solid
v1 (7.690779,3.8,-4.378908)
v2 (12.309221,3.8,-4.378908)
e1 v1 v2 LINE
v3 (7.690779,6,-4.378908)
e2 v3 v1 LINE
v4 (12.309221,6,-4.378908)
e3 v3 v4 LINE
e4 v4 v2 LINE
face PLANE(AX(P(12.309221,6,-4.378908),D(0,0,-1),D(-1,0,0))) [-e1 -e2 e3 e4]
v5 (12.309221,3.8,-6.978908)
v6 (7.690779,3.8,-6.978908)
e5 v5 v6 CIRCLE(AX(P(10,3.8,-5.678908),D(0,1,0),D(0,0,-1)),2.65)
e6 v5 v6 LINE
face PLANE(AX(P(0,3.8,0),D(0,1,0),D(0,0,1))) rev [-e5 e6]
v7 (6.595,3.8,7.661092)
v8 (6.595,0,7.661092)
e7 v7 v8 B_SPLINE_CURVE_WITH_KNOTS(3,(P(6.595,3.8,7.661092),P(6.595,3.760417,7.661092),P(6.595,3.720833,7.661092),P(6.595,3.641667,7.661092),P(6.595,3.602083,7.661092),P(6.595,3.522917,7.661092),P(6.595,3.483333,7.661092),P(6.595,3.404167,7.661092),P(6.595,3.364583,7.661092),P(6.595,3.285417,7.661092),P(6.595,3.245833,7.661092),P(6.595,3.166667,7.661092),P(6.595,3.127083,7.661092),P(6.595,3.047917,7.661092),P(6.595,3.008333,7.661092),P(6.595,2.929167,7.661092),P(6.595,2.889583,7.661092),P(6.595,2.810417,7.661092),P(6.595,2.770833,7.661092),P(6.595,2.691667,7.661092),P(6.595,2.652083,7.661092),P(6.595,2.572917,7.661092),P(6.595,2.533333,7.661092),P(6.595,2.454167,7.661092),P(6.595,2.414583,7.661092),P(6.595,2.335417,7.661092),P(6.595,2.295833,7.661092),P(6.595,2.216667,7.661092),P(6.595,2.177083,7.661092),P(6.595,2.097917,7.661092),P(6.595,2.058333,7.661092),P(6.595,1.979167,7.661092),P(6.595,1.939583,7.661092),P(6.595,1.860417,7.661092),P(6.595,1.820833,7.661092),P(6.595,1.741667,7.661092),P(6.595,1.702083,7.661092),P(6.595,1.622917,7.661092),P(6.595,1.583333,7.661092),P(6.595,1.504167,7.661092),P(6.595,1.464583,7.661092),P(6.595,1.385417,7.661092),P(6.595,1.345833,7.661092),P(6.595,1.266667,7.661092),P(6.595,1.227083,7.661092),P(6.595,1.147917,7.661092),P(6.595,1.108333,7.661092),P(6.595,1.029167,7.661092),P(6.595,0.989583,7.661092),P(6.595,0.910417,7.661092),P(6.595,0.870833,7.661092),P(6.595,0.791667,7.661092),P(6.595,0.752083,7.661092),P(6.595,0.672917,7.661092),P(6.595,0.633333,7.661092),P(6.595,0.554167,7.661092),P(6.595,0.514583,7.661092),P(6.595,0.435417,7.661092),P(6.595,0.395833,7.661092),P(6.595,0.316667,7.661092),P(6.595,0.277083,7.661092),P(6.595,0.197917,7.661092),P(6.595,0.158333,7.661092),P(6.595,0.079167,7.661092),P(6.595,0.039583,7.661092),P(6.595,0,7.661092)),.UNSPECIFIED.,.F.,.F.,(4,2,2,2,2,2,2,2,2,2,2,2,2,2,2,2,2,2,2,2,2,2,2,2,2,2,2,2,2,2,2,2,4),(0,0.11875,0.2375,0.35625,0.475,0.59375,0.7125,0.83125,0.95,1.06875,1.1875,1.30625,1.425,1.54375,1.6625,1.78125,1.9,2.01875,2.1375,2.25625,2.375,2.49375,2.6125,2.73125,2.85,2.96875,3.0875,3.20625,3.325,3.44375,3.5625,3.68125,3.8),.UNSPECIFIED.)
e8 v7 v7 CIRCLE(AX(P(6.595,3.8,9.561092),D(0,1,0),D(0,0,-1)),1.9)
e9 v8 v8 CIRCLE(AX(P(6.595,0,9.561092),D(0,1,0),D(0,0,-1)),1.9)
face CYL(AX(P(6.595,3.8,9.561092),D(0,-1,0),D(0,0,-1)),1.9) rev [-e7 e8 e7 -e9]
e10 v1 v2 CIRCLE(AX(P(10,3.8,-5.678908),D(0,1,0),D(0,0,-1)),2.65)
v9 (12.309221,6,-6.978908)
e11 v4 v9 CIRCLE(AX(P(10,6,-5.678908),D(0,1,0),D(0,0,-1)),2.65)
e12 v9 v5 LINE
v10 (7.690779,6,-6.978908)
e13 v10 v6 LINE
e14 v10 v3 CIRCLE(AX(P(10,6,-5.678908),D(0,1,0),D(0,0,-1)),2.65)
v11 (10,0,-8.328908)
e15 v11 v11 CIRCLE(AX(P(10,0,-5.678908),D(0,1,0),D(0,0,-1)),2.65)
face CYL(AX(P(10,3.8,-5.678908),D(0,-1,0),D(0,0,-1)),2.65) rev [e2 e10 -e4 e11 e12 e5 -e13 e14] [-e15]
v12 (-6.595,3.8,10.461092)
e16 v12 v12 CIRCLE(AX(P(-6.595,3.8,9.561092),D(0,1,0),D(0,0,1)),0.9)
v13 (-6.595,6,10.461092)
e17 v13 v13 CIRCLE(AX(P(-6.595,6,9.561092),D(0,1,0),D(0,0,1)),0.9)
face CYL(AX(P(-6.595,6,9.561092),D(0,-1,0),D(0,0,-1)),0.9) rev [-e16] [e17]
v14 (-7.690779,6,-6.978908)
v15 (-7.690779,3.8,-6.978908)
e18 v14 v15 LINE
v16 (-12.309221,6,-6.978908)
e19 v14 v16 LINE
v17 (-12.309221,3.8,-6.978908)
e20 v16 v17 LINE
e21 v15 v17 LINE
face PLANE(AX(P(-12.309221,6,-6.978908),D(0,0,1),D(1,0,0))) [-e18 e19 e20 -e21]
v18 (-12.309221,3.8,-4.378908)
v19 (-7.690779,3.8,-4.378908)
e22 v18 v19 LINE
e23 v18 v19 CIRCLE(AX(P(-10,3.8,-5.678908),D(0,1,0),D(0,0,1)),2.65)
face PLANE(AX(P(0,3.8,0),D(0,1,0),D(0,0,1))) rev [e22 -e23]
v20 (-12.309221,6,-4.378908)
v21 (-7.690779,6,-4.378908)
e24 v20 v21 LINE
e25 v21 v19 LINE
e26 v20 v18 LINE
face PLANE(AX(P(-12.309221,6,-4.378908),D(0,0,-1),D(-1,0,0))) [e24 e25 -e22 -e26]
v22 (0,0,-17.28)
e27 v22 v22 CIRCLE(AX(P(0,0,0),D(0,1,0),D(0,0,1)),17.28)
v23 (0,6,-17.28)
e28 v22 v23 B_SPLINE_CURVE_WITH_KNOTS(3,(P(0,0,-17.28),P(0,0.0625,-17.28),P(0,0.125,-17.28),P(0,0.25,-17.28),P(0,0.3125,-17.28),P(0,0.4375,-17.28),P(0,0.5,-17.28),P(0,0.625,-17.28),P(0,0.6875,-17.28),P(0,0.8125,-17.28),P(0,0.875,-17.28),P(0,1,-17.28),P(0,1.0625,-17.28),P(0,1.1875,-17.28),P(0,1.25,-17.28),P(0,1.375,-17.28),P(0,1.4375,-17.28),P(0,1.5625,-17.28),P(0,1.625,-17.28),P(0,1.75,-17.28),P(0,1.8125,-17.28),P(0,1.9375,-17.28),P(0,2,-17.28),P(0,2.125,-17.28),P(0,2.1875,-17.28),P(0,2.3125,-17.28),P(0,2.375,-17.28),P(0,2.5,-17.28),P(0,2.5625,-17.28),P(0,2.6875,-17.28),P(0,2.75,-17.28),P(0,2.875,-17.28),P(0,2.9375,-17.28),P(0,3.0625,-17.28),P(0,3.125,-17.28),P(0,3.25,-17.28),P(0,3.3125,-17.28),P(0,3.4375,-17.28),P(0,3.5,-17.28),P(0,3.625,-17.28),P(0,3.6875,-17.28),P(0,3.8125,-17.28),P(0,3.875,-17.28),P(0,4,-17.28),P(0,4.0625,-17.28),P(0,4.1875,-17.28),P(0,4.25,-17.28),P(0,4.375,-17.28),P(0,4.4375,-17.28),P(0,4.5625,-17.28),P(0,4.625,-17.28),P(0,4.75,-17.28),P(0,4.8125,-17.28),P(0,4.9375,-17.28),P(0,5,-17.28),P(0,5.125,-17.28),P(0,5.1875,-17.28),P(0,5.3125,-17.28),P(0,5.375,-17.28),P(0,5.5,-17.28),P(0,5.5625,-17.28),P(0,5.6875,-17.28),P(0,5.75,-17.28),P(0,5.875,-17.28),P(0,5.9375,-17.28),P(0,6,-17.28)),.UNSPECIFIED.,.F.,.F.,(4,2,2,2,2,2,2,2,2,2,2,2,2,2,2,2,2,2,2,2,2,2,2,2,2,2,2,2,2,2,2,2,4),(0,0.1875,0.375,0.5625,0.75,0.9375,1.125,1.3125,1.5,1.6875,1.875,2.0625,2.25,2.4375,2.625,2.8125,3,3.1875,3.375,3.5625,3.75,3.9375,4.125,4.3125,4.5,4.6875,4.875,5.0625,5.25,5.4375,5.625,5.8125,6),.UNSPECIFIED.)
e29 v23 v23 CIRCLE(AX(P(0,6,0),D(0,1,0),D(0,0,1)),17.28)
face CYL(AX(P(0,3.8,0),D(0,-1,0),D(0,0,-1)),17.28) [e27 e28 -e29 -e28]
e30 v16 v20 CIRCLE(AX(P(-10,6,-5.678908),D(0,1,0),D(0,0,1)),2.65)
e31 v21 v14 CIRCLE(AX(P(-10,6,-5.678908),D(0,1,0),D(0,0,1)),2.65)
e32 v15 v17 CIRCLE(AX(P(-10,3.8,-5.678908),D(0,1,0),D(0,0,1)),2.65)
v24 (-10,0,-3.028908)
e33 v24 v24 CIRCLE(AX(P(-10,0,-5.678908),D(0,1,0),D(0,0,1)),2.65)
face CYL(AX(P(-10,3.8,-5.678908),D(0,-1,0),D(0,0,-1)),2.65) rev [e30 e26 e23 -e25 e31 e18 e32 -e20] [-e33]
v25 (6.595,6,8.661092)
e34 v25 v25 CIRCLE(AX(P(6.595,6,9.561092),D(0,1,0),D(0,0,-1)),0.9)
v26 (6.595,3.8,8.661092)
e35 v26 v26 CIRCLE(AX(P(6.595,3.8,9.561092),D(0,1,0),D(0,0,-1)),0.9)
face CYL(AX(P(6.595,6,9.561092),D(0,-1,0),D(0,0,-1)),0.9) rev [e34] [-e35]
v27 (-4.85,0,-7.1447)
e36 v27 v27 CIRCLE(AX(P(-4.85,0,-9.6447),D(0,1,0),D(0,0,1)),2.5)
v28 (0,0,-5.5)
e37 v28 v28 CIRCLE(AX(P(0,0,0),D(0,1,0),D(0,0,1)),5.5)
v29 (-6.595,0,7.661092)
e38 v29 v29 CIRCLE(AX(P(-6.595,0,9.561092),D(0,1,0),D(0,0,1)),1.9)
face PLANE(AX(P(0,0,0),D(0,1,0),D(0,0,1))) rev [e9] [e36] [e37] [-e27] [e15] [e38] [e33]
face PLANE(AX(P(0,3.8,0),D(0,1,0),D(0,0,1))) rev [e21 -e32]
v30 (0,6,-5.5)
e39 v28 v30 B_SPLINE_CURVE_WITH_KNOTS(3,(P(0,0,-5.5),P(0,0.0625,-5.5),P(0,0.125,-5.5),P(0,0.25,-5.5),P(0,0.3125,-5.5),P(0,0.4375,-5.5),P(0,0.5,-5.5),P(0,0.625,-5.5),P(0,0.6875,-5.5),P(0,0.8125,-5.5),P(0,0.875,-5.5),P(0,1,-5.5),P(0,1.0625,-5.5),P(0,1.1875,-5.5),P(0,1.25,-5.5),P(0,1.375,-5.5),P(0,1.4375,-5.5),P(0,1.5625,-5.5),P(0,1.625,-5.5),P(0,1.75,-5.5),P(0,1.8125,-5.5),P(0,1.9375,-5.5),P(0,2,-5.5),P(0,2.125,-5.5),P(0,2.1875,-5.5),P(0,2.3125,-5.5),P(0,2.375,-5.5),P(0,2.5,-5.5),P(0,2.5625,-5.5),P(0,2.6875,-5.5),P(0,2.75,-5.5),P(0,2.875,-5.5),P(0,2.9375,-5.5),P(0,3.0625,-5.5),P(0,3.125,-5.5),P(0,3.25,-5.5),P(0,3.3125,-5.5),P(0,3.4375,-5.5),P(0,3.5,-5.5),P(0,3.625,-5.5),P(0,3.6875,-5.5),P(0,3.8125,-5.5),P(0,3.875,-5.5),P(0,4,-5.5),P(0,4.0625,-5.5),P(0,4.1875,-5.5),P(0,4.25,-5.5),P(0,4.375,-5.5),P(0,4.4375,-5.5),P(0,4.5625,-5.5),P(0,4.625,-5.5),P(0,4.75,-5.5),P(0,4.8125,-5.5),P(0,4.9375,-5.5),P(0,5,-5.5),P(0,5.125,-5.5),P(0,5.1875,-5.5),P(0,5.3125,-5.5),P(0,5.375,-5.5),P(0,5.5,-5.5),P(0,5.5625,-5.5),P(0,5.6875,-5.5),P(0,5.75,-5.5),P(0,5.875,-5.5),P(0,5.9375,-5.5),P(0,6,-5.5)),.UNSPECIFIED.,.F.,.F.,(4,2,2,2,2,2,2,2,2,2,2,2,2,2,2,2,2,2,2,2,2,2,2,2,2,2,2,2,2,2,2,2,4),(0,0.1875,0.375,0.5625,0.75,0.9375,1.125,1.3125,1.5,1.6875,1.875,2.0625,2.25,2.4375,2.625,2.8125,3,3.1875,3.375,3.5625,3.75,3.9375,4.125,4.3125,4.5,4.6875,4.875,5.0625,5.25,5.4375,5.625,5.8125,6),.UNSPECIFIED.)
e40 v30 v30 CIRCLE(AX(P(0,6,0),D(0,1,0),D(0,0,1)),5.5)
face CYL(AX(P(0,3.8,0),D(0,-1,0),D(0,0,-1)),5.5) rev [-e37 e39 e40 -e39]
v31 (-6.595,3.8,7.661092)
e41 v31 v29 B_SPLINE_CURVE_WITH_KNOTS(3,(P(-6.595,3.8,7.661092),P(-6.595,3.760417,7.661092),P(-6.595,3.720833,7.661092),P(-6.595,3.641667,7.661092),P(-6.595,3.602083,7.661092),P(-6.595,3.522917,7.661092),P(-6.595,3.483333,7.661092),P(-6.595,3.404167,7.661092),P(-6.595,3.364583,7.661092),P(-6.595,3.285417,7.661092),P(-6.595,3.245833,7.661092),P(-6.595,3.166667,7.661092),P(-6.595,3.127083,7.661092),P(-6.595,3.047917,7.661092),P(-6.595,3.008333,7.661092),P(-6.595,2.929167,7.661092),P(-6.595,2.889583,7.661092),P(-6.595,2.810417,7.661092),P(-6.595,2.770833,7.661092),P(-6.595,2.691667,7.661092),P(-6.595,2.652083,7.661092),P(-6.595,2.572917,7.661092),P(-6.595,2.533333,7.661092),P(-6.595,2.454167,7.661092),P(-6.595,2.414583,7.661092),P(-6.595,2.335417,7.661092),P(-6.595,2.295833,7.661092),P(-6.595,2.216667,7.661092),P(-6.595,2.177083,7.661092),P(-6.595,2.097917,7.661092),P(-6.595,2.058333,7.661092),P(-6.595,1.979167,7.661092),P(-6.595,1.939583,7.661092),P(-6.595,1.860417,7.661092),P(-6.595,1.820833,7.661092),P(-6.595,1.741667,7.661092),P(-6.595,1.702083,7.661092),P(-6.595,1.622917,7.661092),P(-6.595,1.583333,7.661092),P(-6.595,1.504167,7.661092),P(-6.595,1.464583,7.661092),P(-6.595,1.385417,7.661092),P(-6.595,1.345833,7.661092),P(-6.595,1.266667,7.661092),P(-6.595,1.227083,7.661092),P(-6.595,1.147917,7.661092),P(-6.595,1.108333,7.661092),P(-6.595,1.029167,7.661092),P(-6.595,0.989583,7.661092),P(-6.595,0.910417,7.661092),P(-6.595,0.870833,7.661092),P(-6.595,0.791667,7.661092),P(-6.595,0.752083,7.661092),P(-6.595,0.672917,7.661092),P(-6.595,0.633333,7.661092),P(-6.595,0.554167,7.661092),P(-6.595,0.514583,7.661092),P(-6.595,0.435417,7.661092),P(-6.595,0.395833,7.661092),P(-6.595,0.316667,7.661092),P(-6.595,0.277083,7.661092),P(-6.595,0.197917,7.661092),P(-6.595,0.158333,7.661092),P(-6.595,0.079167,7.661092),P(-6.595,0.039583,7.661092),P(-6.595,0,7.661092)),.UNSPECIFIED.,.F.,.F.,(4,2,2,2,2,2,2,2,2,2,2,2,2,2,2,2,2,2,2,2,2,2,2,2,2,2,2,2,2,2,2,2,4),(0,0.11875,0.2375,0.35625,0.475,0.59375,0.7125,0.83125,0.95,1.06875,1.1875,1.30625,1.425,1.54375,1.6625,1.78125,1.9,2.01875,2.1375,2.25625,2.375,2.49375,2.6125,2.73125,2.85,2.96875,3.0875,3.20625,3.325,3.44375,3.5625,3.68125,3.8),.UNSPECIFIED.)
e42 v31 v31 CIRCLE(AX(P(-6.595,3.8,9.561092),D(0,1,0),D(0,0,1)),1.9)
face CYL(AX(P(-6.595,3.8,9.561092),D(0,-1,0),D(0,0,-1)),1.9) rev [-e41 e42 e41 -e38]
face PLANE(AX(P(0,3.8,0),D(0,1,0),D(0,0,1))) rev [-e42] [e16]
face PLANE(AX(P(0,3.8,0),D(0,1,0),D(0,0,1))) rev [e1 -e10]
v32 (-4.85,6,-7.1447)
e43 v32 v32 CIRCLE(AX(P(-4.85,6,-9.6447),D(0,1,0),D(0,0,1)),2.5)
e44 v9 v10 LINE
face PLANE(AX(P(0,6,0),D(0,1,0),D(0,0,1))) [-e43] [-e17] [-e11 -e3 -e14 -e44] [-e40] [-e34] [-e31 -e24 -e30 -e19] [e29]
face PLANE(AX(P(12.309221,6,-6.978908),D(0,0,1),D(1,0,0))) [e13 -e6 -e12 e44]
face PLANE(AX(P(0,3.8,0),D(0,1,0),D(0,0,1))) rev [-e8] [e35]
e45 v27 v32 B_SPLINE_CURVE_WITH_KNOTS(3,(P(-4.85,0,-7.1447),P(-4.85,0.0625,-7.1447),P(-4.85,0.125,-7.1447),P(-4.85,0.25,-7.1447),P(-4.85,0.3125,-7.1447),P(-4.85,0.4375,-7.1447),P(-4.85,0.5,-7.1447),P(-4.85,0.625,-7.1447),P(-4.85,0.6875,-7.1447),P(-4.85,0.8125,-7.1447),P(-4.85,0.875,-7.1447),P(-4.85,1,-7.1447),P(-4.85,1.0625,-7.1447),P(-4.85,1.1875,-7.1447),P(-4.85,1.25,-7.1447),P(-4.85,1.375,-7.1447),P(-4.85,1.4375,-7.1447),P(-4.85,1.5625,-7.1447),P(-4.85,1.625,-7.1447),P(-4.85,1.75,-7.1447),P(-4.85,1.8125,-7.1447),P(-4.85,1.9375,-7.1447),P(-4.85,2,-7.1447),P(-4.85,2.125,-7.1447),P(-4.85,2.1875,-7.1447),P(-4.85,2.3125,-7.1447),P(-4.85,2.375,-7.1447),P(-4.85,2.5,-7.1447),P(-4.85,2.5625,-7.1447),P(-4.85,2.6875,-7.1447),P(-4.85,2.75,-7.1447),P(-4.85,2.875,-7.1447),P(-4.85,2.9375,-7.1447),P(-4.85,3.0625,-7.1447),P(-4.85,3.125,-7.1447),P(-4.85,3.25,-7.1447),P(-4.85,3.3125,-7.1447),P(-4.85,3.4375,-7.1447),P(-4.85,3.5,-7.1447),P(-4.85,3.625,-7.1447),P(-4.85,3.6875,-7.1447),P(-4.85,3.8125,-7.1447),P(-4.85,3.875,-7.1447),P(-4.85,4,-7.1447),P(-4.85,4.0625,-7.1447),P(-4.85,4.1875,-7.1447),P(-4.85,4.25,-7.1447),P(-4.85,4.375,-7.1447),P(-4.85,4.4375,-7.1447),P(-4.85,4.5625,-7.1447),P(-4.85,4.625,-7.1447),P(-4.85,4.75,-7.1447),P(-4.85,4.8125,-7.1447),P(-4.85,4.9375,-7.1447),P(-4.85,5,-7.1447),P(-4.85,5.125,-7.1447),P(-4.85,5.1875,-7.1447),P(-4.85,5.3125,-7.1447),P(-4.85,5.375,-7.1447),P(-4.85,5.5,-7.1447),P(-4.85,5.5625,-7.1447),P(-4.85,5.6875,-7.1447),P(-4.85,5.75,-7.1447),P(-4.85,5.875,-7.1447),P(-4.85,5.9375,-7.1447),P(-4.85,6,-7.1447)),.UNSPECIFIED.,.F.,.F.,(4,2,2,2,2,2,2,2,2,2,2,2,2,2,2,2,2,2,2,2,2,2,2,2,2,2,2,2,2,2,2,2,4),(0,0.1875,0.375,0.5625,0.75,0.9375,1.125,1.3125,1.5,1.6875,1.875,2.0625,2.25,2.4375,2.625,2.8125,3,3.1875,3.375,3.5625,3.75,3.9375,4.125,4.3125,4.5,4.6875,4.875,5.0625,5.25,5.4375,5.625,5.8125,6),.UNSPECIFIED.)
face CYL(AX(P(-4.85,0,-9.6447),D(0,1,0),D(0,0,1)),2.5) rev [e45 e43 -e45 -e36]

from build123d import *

# Parameters (mm, degrees)
SKETCH_1_R          = 17.28
SKETCH_1_R_2        = 5.5
SKETCH_1_R_3        = 2.65
SKETCH_1_R_4        = 1.9
EXTRUDE_1_DEPTH     = 3.8
SKETCH_2_R          = 2.5
CUT_EXTRUDE_1_DEPTH = 25.731291919
SKETCH_3_R          = 17.28
SKETCH_3_R_2        = 5.5
SKETCH_3_R_3        = 2.5
SKETCH_3_R_4        = 0.9
EXTRUDE_2_DEPTH     = 2.2


with BuildPart() as part:
    # 草图1 → 凸台-拉伸1 (new body)
    with BuildSketch(Plane(origin=(0, 0, 0), x_dir=(1, 0, 0), z_dir=(0, 1, 0))):
        with Locations(Location((0, 0, 0), (0, 0, 90))):
            Circle(SKETCH_1_R)
        with Locations(Location((0, 0, 0), (0, 0, 90))):
            Circle(SKETCH_1_R_2, mode=Mode.SUBTRACT)
        with Locations(Location((-10, 5.678908346, 0), (0, 0, 90))):
            Circle(SKETCH_1_R_3, mode=Mode.SUBTRACT)
        with Locations(Location((-6.595, -9.561091654, 0), (0, 0, 90))):
            Circle(SKETCH_1_R_4, mode=Mode.SUBTRACT)
        with Locations(Location((6.595, -9.561091654, 0), (0, 0, 90))):
            Circle(SKETCH_1_R_4, mode=Mode.SUBTRACT)
        with Locations(Location((10, 5.678908346, 0), (0, 0, 90))):
            Circle(SKETCH_1_R_3, mode=Mode.SUBTRACT)
    extrude(amount=EXTRUDE_1_DEPTH)

    # 草图2 → 切除-拉伸1 (cut, through all)
    with BuildSketch(Plane(origin=(0, 3.8, 0), x_dir=(1, 0, 0), z_dir=(0, 1, 0))):
        with Locations(Location((-4.85, 9.644699566, 0), (0, 0, 270))):
            Circle(SKETCH_2_R)
    extrude(amount=-CUT_EXTRUDE_1_DEPTH, mode=Mode.SUBTRACT)

    # 草图3 → 凸台-拉伸2 (add)
    with BuildSketch(Plane(origin=(0, 3.8, 0), x_dir=(1, 0, 0), z_dir=(0, 1, 0))):
        with Locations(Location((0, 0, 0), (0, 0, 90))):
            Circle(SKETCH_3_R)
        with Locations(Location((0, 0, 0), (0, 0, 90))):
            Circle(SKETCH_3_R_2, mode=Mode.SUBTRACT)
        with Locations(Location((-4.85, 9.644699566, 0), (0, 0, 270))):
            Circle(SKETCH_3_R_3, mode=Mode.SUBTRACT)
        with Locations(Location((-6.595, -9.561091654, 0), (0, 0, 270))):
            Circle(SKETCH_3_R_4, mode=Mode.SUBTRACT)
        with Locations(Location((6.595, -9.561091654, 0), (0, 0, 90))):
            Circle(SKETCH_3_R_4, mode=Mode.SUBTRACT)
        with BuildLine():
            Line((-12.309220648, 4.378908346), (-7.690779352, 4.378908346))
            ThreePointArc((-7.690779352, 4.378908346), (-7.35, 5.678908346), (-7.690779352, 6.978908346))
            Line((-7.690779352, 6.978908346), (-12.309220648, 6.978908346))
            ThreePointArc((-12.309220648, 6.978908346), (-12.65, 5.678908346), (-12.309220648, 4.378908346))
        make_face(mode=Mode.SUBTRACT)
        with BuildLine():
            Line((12.309220648, 4.378908346), (7.690779352, 4.378908346))
            ThreePointArc((7.690779352, 4.378908346), (7.35, 5.678908346), (7.690779352, 6.978908346))
            Line((7.690779352, 6.978908346), (12.309220648, 6.978908346))
            ThreePointArc((12.309220648, 6.978908346), (12.65, 5.678908346), (12.309220648, 4.378908346))
        make_face(mode=Mode.SUBTRACT)
    extrude(amount=EXTRUDE_2_DEPTH)


solid = part.part
